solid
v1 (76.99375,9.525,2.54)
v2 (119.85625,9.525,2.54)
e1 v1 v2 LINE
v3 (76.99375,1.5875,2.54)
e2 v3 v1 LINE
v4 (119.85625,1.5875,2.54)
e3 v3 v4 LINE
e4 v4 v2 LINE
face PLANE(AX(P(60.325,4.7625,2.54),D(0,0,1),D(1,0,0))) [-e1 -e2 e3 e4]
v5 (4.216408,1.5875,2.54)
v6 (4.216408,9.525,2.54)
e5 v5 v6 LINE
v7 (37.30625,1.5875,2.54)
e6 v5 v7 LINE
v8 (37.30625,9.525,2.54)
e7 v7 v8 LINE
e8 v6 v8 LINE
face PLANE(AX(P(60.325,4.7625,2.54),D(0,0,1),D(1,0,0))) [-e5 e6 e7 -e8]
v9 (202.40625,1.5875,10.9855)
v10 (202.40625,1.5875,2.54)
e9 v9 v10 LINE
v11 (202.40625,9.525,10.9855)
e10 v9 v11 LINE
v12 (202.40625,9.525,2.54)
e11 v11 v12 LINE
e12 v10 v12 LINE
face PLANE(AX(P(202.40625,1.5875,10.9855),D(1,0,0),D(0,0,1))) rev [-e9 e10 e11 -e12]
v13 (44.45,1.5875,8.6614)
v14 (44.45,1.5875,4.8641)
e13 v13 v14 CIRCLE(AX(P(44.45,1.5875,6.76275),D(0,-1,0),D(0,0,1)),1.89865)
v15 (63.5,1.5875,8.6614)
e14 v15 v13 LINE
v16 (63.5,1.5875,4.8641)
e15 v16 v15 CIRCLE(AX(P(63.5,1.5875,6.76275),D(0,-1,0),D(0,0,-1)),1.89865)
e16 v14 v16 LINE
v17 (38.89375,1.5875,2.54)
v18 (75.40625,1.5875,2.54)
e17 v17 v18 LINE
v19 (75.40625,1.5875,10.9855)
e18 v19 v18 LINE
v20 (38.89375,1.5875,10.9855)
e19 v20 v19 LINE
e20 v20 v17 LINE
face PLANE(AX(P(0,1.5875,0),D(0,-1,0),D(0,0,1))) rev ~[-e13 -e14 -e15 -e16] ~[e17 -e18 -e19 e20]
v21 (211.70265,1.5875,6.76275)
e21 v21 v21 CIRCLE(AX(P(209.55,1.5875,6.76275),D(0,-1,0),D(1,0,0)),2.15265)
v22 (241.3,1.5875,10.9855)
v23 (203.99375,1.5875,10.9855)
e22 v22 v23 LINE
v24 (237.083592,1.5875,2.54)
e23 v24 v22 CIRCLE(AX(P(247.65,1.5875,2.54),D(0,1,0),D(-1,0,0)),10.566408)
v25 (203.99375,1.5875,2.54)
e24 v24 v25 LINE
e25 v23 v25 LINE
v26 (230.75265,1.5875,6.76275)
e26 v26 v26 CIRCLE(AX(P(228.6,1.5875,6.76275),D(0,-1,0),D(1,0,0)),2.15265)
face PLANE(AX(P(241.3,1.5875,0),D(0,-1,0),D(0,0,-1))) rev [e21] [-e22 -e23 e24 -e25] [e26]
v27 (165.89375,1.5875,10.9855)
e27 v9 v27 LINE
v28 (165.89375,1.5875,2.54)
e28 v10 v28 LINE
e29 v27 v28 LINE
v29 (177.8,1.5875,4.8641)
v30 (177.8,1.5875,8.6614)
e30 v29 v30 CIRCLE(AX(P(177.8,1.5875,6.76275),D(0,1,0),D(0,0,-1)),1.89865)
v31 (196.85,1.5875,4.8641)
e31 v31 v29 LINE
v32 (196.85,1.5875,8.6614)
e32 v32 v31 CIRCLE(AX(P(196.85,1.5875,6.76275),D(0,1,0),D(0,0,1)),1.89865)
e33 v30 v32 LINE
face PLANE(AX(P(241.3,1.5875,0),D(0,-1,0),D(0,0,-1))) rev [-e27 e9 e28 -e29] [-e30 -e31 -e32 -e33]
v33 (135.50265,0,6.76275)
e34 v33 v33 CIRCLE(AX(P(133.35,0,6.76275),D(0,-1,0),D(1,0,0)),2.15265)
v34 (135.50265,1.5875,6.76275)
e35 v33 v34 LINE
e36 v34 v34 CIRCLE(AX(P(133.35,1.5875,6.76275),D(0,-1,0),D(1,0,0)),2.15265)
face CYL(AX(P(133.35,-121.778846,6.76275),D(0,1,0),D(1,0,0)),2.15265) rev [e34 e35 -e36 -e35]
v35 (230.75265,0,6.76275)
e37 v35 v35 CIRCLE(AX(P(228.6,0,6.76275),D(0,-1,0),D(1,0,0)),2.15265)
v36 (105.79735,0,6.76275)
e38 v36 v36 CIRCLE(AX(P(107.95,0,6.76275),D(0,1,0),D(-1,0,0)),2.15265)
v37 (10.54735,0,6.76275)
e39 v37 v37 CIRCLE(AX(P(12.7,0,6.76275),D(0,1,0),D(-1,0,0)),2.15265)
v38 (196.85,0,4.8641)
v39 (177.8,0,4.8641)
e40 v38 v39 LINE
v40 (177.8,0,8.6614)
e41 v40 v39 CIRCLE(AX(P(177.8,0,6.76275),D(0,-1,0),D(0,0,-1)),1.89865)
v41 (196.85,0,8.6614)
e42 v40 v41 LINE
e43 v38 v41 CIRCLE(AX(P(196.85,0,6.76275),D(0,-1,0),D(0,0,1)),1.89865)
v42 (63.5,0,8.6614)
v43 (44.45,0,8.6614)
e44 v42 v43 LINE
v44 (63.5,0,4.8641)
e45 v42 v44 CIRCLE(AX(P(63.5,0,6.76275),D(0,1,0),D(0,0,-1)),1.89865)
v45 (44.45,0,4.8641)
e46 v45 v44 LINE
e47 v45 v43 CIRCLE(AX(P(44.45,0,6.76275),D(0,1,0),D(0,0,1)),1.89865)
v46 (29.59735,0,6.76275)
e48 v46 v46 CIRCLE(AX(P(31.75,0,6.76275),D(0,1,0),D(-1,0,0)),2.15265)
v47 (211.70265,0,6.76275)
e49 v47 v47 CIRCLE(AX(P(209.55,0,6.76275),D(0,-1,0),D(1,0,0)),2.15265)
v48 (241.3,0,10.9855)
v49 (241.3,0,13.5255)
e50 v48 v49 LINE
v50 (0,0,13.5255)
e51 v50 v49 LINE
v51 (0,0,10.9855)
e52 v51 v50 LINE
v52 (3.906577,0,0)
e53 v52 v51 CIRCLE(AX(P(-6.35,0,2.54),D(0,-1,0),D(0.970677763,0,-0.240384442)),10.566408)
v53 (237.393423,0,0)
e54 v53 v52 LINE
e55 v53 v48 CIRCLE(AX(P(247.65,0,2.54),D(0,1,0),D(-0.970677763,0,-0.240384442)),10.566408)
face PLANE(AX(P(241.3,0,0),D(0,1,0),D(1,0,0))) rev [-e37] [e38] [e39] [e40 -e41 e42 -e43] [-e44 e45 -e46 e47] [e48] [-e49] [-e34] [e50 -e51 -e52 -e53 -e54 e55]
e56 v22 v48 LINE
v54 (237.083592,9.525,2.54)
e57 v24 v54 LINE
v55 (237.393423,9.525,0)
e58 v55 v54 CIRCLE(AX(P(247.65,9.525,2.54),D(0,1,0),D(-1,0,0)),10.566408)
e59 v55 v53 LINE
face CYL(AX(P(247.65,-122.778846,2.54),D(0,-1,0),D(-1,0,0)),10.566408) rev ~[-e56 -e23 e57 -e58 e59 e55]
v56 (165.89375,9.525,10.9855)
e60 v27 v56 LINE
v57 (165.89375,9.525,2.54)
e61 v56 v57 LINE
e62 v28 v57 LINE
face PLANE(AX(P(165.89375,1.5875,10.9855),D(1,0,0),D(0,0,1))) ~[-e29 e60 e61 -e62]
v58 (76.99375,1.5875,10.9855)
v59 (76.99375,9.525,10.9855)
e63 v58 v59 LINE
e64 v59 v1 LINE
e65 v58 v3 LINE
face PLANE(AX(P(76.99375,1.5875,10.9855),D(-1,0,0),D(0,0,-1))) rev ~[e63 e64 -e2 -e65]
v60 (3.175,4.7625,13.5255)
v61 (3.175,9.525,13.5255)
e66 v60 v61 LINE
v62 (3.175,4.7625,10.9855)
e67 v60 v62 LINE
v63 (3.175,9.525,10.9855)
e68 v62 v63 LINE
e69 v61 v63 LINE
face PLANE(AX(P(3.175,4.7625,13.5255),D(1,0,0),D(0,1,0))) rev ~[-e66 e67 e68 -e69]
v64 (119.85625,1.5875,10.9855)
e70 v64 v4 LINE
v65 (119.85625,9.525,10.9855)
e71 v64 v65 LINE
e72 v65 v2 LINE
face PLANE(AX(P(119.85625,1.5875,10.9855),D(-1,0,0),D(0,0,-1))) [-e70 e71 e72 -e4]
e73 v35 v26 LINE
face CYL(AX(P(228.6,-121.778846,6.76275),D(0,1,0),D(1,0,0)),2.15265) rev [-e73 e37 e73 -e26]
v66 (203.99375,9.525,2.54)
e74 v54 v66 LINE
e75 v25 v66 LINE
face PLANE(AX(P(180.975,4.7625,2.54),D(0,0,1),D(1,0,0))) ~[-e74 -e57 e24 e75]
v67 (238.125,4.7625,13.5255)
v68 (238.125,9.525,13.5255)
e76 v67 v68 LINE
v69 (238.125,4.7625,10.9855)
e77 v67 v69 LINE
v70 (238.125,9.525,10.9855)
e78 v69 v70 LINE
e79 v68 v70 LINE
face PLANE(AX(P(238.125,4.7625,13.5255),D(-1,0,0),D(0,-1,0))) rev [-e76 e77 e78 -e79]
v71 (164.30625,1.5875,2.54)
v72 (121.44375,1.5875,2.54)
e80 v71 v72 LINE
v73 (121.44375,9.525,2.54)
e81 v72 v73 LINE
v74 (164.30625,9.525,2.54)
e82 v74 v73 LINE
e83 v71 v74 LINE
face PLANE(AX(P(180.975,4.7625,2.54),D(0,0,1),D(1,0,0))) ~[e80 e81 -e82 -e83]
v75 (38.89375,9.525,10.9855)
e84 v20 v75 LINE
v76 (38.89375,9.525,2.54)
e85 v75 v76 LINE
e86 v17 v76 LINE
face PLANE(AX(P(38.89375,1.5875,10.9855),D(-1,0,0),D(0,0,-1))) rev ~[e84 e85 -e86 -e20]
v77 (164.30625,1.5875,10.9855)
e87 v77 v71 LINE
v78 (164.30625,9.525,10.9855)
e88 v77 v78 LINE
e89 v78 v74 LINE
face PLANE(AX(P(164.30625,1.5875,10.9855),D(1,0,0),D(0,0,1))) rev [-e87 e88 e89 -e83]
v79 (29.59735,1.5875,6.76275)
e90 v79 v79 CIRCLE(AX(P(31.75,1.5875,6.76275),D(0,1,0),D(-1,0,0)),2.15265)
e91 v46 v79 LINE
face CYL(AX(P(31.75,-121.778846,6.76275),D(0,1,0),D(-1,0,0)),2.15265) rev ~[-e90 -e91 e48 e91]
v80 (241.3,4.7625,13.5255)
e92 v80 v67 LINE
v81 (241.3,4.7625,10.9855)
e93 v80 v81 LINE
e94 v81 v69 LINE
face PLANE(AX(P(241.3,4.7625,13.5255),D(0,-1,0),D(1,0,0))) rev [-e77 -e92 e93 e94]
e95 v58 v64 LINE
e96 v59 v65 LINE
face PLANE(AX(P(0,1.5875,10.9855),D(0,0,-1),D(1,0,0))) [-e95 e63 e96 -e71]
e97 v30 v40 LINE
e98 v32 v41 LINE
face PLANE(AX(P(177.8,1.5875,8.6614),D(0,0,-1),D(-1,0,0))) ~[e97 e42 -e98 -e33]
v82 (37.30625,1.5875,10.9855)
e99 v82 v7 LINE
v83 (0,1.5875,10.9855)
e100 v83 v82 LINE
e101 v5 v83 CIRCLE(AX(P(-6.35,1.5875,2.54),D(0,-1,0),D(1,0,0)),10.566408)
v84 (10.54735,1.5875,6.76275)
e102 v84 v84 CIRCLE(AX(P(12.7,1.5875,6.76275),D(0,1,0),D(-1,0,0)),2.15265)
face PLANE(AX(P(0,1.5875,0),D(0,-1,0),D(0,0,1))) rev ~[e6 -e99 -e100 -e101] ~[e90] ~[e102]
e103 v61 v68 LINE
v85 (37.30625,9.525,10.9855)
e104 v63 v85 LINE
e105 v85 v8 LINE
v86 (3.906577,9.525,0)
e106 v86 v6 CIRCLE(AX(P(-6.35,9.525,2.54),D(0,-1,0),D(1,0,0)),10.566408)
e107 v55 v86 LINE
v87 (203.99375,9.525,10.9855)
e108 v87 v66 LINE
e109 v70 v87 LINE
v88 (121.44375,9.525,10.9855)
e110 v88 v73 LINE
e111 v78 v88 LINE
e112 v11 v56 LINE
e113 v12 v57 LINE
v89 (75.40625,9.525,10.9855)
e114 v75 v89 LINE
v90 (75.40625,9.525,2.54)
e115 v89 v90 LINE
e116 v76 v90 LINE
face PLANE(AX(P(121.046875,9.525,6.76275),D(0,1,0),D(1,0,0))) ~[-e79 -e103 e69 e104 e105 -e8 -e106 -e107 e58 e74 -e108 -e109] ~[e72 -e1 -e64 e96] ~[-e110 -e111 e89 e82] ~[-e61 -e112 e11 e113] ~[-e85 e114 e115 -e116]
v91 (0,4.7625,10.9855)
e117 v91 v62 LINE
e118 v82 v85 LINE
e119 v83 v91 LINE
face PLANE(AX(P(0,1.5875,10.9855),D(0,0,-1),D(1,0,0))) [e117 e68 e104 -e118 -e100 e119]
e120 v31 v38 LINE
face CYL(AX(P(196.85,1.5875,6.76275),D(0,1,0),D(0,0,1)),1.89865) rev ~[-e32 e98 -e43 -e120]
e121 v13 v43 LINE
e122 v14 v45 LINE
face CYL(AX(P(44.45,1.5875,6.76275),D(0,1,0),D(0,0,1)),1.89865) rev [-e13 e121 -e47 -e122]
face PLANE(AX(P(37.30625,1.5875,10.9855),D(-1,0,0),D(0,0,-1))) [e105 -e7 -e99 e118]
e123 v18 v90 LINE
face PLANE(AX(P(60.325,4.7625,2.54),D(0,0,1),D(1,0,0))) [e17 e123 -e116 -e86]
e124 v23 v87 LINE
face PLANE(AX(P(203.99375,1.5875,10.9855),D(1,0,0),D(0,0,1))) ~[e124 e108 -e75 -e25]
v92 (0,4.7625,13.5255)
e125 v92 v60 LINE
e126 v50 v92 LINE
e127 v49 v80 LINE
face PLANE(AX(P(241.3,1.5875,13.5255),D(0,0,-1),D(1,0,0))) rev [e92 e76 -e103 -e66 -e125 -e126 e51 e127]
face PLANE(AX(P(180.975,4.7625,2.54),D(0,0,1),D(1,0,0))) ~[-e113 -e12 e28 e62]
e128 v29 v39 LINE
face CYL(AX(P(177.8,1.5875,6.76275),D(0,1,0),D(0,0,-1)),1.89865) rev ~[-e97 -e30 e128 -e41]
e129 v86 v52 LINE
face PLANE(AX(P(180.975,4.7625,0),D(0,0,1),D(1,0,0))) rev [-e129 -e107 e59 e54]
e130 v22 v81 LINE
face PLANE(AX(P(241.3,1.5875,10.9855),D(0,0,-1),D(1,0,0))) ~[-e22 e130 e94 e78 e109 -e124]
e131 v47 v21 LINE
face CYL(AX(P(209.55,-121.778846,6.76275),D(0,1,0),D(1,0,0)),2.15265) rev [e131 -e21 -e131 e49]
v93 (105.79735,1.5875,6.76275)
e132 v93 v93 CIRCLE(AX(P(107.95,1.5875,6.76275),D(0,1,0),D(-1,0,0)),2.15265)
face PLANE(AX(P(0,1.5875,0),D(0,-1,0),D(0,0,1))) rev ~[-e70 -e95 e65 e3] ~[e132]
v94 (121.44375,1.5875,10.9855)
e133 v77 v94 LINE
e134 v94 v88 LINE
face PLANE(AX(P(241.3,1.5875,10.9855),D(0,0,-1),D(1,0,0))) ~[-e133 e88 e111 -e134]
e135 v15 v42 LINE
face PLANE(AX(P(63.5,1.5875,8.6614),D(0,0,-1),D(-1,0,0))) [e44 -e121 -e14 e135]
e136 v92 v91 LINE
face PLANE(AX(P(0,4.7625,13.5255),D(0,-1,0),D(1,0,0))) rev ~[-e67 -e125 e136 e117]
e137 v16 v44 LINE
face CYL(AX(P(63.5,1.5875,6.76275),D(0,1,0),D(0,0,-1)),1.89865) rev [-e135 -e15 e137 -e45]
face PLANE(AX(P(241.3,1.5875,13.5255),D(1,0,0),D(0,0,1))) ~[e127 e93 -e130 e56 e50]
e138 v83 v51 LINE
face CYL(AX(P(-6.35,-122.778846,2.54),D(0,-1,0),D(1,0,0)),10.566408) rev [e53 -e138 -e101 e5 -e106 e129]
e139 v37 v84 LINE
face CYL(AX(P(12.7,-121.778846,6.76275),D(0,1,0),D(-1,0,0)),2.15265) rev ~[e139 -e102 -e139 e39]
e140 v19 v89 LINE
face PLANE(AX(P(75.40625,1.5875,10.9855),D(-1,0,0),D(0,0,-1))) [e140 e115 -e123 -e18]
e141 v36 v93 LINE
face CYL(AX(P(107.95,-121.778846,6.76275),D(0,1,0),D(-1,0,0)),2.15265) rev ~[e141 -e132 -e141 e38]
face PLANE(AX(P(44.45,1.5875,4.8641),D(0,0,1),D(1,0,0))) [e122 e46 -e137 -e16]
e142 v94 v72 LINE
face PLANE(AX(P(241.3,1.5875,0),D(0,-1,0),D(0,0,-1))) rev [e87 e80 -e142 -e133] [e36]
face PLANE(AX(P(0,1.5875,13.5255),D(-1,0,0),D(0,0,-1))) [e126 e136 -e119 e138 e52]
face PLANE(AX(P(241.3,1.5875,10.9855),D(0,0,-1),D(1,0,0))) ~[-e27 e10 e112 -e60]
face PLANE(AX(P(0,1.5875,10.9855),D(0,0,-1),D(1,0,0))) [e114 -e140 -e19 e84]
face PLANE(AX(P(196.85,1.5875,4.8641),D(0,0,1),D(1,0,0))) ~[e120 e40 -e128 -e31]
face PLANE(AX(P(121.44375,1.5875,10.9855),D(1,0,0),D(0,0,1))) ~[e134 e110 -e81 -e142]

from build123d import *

# Parameters (mm, degrees)
SKETCH2_W               = 120.65
SKETCH2_H               = 9.525
BOSS_EXTRUDE1_DEPTH     = 2.54
SKETCH4_W               = 13.5255
SKETCH4_H               = 1.5875
BOSS_EXTRUDE2_DEPTH     = 120.65
SKETCH13_W              = 120.65
SKETCH13_H              = 2.54
BOSS_EXTRUDE3_DEPTH     = 7.9375
CUT_EXTRUDE4_DEPTH      = 122.664972595
F_6_CLEARANCE_HOLE1_D   = 4.3053
SKETCH15_W              = 1.5875
SKETCH15_H              = 8.4455
SKETCH15_W_2            = 0.79375
BOSS_EXTRUDE4_DEPTH     = 7.9375
CUT_EXTRUDE3_DEPTH      = 122.778845763
CUT_EXTRUDE3_DEPTH_BACK = 122.778845763
SKETCH9_R               = 10.566407632
CUT_EXTRUDE5_REACH      = 123.779
SKETCH16_W              = 3.175
SKETCH16_H              = 4.7625


with BuildPart() as part:
    # Sketch2 → Boss-Extrude1 (new body)
    with BuildSketch(Plane.XY):
        with Locations((60.325, 4.7625)):
            Rectangle(SKETCH2_W, SKETCH2_H)
    extrude(amount=BOSS_EXTRUDE1_DEPTH)

    # Sketch4 → Boss-Extrude2 (add)
    with BuildSketch(Plane.ZY):
        with Locations((6.76275, 0.79375)):
            Rectangle(SKETCH4_W, SKETCH4_H)
    extrude(amount=-BOSS_EXTRUDE2_DEPTH)

    # Sketch13 → Boss-Extrude3 (add)
    with BuildSketch(Plane(origin=(0, 1.5875, 0), x_dir=(1, 0, 0), z_dir=(0, 1, 0))):
        with Locations((60.325, -12.2555)):
            Rectangle(SKETCH13_W, SKETCH13_H)
    extrude(amount=BOSS_EXTRUDE3_DEPTH)

    # Sketch11 → Cut-Extrude4 (cut, through all)
    with BuildSketch(Plane(origin=(0, 1.5875, 0), x_dir=(1, 0, 0), z_dir=(0, 1, 0))):
        with BuildLine():
            Line((63.5, -8.6614), (44.45, -8.6614))
            ThreePointArc((44.45, -8.6614), (42.55135, -6.76275), (44.45, -4.8641))
            Line((44.45, -4.8641), (63.5, -4.8641))
            ThreePointArc((63.5, -4.8641), (65.39865, -6.76275), (63.5, -8.6614))
        make_face()
    extrude(amount=-CUT_EXTRUDE4_DEPTH, mode=Mode.SUBTRACT)

    # #6 Clearance Hole1 (through all)
    with Locations(Plane.XZ):
        with Locations((31.75, 6.76275), (12.7, 6.76275), (107.95, 6.76275)):
            Hole(F_6_CLEARANCE_HOLE1_D / 2)

    # Sketch15 → Boss-Extrude4 (add)
    with BuildSketch(Plane(origin=(0, 1.5875, 0), x_dir=(1, 0, 0), z_dir=(0, 1, 0))):
        with Locations((38.1, -6.76275)):
            Rectangle(SKETCH15_W, SKETCH15_H)
        with Locations((76.2, -6.76275)):
            Rectangle(SKETCH15_W, SKETCH15_H)
        with Locations((120.253125, -6.76275)):
            Rectangle(SKETCH15_W_2, SKETCH15_H)
    extrude(amount=BOSS_EXTRUDE4_DEPTH)

    # Sketch9 → Cut-Extrude3 (cut, two sides: drawn at the far end of the back side and taken through both)
    with BuildSketch(Plane(origin=(0, 0, 0), x_dir=(1, 0, 0), z_dir=(0, 1, 0)).offset(-CUT_EXTRUDE3_DEPTH_BACK)):
        with Locations((-6.35, -2.54)):
            Circle(SKETCH9_R)
    extrude(amount=CUT_EXTRUDE3_DEPTH + CUT_EXTRUDE3_DEPTH_BACK, mode=Mode.SUBTRACT)

    # Sketch16 → Cut-Extrude5 (cut, up to next)
    with BuildSketch(Plane.XY.offset(13.5255), mode=Mode.PRIVATE) as cut_extrude5_sk1:
        with Locations((1.5875, 7.14375)):
            Rectangle(SKETCH16_W, SKETCH16_H)
    cut_extrude5_tool1 = extrude(cut_extrude5_sk1.sketch, amount=-CUT_EXTRUDE5_REACH, mode=Mode.PRIVATE) & part.part
    add(cut_extrude5_tool1.solids().sort_by_distance((1.5875, 7.14375, 13.5255))[0], mode=Mode.SUBTRACT)

    # Mirror1: part across face


with BuildPart() as part_1:
    add(part.part)
    add(part.part.mirror(Plane(origin=(120.65, 4.7625, 6.76275), x_dir=(0, 0, 1), z_dir=(1, 0, 0))))


solid = part_1.part
